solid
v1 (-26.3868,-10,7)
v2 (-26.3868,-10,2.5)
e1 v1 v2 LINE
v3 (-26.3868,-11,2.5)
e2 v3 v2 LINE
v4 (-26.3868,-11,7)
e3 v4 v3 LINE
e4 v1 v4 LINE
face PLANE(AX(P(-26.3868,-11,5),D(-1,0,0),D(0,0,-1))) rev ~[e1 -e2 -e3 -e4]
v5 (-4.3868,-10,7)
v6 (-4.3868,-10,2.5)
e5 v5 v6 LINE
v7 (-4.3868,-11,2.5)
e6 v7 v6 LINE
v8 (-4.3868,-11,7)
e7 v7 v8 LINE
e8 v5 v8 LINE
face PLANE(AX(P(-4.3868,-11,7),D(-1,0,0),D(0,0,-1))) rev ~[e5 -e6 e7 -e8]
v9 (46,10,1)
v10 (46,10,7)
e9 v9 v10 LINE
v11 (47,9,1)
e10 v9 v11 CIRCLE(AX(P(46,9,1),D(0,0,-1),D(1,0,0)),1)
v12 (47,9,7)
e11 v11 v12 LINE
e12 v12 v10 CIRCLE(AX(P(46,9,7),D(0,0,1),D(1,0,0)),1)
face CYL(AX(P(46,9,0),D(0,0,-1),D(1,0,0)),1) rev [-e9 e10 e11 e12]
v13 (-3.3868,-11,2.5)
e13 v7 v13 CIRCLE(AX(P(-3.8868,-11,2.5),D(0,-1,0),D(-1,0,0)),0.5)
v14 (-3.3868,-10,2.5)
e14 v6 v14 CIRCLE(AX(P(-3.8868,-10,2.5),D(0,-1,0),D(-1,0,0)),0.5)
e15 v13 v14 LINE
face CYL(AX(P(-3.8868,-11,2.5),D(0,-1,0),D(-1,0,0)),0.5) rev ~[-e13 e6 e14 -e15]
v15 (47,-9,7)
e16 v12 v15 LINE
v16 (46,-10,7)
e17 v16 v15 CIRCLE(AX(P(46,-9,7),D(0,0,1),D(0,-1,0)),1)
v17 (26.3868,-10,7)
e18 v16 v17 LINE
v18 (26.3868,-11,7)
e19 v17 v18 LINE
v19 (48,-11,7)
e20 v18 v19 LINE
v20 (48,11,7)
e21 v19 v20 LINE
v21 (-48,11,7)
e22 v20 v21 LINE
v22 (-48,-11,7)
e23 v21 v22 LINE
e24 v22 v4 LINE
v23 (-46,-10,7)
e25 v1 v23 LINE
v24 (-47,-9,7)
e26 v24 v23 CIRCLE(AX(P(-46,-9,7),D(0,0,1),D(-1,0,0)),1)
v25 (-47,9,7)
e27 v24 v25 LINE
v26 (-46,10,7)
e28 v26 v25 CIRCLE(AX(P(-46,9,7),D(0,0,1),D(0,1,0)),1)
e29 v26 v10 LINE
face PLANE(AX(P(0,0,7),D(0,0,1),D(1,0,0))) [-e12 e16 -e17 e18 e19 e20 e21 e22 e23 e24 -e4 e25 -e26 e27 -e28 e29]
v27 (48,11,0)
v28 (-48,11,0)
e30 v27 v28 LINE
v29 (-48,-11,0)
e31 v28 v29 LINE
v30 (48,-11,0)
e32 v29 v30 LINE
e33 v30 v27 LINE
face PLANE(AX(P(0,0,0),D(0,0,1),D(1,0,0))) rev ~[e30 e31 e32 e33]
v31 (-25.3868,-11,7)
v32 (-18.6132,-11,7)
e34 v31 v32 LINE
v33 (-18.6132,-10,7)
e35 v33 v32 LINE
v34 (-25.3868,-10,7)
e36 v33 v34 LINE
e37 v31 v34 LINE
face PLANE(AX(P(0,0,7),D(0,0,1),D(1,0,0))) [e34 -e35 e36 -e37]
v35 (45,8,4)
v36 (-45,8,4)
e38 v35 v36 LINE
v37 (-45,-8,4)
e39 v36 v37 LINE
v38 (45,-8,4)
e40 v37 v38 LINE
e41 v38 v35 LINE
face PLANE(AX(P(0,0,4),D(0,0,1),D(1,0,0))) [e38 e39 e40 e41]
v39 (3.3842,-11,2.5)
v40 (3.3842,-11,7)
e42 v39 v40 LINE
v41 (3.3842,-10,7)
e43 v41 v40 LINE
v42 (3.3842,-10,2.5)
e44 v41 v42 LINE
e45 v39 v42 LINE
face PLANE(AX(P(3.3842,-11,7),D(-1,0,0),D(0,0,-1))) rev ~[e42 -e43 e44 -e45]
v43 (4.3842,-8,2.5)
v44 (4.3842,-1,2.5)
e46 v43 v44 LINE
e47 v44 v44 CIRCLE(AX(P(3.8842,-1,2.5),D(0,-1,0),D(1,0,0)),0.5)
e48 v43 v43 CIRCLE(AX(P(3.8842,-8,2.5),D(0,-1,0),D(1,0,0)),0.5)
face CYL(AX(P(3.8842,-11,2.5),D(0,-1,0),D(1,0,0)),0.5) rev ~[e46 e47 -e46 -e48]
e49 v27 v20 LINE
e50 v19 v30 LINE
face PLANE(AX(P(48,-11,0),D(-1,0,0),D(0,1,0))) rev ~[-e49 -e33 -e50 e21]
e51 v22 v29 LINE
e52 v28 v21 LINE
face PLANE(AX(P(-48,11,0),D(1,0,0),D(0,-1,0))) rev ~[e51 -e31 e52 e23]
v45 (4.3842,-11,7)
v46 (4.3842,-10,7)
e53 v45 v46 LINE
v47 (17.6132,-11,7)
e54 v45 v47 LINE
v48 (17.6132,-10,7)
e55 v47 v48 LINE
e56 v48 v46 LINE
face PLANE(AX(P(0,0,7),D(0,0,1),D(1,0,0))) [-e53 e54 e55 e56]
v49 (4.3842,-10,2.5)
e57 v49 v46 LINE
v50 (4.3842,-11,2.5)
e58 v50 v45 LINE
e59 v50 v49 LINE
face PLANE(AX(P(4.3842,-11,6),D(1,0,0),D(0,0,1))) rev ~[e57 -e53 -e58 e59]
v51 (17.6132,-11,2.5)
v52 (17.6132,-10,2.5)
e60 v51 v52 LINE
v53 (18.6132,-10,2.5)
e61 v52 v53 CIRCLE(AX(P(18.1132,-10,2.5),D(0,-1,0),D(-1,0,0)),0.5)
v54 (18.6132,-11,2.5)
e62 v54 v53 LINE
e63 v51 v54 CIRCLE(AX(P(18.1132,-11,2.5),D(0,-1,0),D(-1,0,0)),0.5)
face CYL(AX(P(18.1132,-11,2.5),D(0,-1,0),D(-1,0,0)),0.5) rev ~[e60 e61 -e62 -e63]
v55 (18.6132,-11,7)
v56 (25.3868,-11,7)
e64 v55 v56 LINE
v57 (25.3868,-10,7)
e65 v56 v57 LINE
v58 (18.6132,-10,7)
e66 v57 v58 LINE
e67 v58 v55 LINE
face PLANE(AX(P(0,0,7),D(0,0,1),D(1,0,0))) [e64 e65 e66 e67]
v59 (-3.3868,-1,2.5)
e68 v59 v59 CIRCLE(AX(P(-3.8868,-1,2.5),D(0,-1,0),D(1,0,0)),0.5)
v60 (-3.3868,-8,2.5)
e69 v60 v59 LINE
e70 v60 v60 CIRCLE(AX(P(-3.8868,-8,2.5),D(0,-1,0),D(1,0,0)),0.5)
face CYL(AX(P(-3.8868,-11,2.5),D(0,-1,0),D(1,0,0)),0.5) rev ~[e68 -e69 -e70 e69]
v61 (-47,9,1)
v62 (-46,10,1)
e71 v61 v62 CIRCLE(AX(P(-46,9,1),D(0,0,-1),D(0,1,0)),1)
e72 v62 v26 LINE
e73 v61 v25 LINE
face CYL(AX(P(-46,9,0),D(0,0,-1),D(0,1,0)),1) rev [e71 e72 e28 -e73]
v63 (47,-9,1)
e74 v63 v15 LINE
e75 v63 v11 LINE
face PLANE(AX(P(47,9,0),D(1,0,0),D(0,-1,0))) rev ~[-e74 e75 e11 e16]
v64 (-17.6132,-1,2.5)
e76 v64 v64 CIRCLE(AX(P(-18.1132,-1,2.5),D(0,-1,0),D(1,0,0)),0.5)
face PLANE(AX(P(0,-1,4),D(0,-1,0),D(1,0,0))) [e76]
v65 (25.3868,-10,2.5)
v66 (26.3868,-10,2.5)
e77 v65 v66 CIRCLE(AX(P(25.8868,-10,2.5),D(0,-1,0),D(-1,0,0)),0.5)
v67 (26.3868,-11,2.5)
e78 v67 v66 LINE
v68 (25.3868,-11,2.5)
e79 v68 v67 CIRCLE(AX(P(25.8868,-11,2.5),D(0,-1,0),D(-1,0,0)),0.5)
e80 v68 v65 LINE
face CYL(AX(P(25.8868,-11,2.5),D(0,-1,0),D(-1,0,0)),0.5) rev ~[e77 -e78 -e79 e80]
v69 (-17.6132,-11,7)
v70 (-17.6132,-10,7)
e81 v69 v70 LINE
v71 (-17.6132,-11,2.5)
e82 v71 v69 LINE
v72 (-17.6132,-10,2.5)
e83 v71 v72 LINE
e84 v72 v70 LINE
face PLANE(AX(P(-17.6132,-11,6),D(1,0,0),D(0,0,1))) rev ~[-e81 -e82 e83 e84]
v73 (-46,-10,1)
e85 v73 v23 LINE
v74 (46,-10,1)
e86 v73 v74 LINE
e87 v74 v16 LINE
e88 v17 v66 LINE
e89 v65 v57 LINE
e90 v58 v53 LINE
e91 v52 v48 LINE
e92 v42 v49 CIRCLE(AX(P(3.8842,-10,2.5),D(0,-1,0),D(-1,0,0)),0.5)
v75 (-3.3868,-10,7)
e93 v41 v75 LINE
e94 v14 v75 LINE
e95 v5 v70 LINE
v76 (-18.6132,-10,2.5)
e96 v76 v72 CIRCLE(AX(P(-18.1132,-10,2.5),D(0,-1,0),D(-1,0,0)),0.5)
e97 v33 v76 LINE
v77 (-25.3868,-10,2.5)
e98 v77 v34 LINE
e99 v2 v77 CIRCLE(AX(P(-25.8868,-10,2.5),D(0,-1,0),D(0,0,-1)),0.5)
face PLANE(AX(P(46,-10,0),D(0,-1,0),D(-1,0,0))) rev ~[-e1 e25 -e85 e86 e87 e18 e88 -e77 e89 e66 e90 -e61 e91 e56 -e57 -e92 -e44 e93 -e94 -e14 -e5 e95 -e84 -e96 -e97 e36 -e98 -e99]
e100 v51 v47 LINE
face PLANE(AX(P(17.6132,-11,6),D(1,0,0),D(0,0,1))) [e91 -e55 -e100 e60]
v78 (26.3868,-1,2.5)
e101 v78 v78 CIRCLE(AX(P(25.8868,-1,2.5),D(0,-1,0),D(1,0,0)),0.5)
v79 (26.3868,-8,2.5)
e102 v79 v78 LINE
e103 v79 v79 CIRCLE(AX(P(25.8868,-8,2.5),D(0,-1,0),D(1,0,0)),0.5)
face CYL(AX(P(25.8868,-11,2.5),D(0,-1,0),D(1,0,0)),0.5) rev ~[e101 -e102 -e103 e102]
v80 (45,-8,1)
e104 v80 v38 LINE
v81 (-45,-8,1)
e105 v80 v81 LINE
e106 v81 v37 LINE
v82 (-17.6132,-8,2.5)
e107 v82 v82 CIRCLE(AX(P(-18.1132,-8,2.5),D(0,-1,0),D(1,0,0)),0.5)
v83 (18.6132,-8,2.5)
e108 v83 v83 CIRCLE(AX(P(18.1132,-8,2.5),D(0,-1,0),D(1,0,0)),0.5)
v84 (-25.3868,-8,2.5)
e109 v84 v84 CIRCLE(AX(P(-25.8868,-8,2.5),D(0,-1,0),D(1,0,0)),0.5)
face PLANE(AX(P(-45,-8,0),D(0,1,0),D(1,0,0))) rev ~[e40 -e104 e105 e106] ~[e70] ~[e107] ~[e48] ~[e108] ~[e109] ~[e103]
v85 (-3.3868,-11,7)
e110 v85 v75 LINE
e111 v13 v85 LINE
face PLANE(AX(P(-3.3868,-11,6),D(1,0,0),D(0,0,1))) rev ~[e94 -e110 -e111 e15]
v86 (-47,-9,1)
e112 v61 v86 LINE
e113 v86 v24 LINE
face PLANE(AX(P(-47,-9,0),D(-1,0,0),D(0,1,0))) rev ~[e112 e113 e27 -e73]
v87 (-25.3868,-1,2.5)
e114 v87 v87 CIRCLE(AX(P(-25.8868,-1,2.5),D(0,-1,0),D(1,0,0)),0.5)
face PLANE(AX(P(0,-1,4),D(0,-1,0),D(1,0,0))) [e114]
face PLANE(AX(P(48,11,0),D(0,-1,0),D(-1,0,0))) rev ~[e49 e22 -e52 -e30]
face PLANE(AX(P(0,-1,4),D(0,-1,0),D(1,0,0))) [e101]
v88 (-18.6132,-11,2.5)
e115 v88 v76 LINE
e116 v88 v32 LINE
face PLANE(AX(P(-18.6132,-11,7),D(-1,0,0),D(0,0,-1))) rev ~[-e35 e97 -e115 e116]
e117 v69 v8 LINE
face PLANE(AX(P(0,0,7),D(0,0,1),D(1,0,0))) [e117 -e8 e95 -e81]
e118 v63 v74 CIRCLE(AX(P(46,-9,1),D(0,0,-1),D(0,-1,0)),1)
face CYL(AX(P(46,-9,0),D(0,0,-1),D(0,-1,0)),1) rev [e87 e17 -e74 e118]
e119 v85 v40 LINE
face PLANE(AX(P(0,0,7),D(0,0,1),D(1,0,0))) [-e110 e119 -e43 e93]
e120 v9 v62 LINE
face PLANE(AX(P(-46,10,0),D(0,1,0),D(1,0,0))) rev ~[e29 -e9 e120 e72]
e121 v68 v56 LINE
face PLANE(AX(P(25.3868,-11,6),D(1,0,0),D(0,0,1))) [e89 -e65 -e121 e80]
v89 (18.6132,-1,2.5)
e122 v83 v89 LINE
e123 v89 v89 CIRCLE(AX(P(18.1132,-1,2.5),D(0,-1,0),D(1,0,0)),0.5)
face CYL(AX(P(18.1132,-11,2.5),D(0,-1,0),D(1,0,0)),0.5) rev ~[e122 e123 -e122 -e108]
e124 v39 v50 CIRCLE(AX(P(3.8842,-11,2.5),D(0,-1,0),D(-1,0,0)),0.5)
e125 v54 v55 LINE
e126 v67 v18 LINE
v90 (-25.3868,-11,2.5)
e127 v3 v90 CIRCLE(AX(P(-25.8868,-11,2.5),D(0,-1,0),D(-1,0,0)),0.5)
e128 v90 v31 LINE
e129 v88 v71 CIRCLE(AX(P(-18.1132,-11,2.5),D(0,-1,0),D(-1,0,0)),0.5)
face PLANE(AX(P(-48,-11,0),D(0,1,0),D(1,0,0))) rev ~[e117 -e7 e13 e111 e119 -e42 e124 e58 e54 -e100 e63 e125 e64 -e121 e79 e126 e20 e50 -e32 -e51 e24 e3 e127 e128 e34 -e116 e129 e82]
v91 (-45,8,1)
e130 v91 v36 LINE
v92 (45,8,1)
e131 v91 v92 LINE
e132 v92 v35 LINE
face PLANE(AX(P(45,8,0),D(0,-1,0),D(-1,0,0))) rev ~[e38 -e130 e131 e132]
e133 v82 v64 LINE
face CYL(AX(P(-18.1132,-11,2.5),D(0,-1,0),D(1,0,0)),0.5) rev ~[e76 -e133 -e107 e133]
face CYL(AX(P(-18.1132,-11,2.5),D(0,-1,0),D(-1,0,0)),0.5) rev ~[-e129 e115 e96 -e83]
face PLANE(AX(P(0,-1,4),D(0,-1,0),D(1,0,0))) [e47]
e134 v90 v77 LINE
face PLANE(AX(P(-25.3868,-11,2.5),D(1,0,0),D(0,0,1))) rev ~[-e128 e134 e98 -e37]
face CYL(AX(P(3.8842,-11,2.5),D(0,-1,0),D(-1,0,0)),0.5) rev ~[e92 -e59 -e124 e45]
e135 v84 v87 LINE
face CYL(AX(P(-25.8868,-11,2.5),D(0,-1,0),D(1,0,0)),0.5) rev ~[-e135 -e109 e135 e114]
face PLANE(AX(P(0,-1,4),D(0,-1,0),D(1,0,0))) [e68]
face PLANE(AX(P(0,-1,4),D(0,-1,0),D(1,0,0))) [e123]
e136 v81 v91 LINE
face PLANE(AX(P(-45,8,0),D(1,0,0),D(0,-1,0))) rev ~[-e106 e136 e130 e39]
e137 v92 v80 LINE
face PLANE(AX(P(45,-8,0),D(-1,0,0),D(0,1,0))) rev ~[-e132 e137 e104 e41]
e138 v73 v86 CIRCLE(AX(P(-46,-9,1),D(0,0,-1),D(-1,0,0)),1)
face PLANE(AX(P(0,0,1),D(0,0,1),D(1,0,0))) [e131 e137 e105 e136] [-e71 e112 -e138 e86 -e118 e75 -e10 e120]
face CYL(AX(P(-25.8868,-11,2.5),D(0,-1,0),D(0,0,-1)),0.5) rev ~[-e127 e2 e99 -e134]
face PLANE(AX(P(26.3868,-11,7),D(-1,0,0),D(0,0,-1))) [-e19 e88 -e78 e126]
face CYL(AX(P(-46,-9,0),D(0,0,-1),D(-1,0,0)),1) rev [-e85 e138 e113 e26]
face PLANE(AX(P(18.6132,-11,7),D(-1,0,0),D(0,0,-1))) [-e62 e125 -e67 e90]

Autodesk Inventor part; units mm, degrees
ref_plane "YZ Plane" through (0, 0, 0) normal (1, 0, 0) x (0, 1, 0)
ref_plane "XZ Plane" through (0, 0, 0) normal (0, 1, 0) x (-1, 0, 0)
ref_plane "XY Plane" through (0, 0, 0) normal (0, 0, 1) x (1, 0, 0)
sketch "Sketch2" plane through (0, 0, 0) normal (0, 0, 1) x (1, 0, 0)
  line L0 (-46, 10) -> (46, 10)
  line L1 (47, 9) -> (47, -9)
  line L2 (46, -10) -> (-46, -10)
  line L3 (-47, -9) -> (-47, 9)
  line L4 (-47, 10) -> (47, -10) construction
  line L5 (47, 10) -> (-47, -10) construction
  line L6 (45, 8) -> (-45, 8)
  line L7 (-45, 8) -> (-45, -8)
  line L8 (-45, -8) -> (45, -8)
  line L9 (45, -8) -> (45, 8)
  line L10 (48, 11) -> (-48, 11)
  line L11 (-48, 11) -> (-48, -11)
  line L12 (-48, -11) -> (48, -11)
  line L13 (48, -11) -> (48, 11)
  arc A0 (47, 9) -> (46, 10) centre (46, 9) ccw
  arc A1 (46, -10) -> (47, -9) centre (46, -9) ccw
  arc A2 (-47, -9) -> (-46, -10) centre (-46, -9) ccw
  arc A3 (-46, 10) -> (-47, 9) centre (-46, 9) ccw
  point P0 (0, 0)
  dimension "d0" = 94
  dimension "d1" = 20
  dimension "d2" = 2
  dimension "d3" = 1
  dimension "d10" = 1
  dimension "d40" = 90
extrude "Extrusion1" add sketch "Sketch2" along normal blind 1 contours L0 A0 L1 A1 L2 A2 L3 A3 | L9 L8 L7 L6 | L13 L12 L11 L10
extrude "Extrusion2" add sketch "Sketch2" along normal blind 7 contours L13 L12 L11 L10
extrude "Extrusion3" add sketch "Sketch2" along normal blind 4 contours L9 L8 L7 L6
sketch "Sketch4" plane through (-48, -11, 0) normal (0, -1, 0) x (1, 0, 0)
  circle A0 centre (22.1132, 5) radius 0.5
  circle A1 centre (29.8868, 5) radius 0.5
  circle A2 centre (44.1132, 5) radius 0.5
  circle A3 centre (51.8842, 5) radius 0.5
  circle A4 centre (66.1132, 5) radius 0.5
  circle A5 centre (73.8868, 5) radius 0.5
  line L0 (0, 6) -> (96, 6)
  line L1 (96, 7) -> (0, 7) projected
  line L2 (22.1132, 2) -> (22.1132, 2)
  line L3 (22.6132, 2.5) -> (22.6132, 8)
  line L4 (22.6132, 8) -> (21.6132, 8)
  line L5 (21.6132, 8) -> (21.6132, 2.5)
  line L6 (21.6132, 2) -> (22.6132, 8) construction
  line L7 (22.6132, 2) -> (21.6132, 8) construction
  line L8 (29.8868, 2) -> (29.8868, 2)
  line L9 (30.3868, 2.5) -> (30.3868, 8)
  line L10 (30.3868, 8) -> (29.3868, 8)
  line L11 (29.3868, 8) -> (29.3868, 2.5)
  line L12 (29.3868, 2) -> (30.3868, 8) construction
  line L13 (30.3868, 2) -> (29.3868, 8) construction
  line L14 (44.1132, 2) -> (44.1132, 2)
  line L15 (44.6132, 2.5) -> (44.6132, 8)
  line L16 (44.6132, 8) -> (43.6132, 8)
  line L17 (43.6132, 8) -> (43.6132, 2.5)
  line L18 (43.6132, 2) -> (44.6132, 8) construction
  line L19 (44.6132, 2) -> (43.6132, 8) construction
  line L20 (51.8842, 2) -> (51.8842, 2)
  line L21 (52.3842, 2.5) -> (52.3842, 8)
  line L22 (52.3842, 8) -> (51.3842, 8)
  line L23 (51.3842, 8) -> (51.3842, 2.5)
  line L24 (51.3842, 2) -> (52.3842, 8) construction
  line L25 (52.3842, 2) -> (51.3842, 8) construction
  line L26 (66.1132, 2) -> (66.1132, 2)
  line L27 (65.6132, 2.5) -> (65.6132, 8)
  line L28 (65.6132, 8) -> (66.6132, 8)
  line L29 (66.6132, 8) -> (66.6132, 2.5)
  line L30 (66.6132, 2) -> (65.6132, 8) construction
  line L31 (65.6132, 2) -> (66.6132, 8) construction
  line L32 (73.8868, 2) -> (73.8868, 2)
  line L33 (73.3868, 2.5) -> (73.3868, 8)
  line L34 (73.3868, 8) -> (74.3868, 8)
  line L35 (74.3868, 8) -> (74.3868, 2.5)
  line L36 (74.3868, 2) -> (73.3868, 8) construction
  line L37 (73.3868, 2) -> (74.3868, 8) construction
  arc A6 (21.6132, 2.5) -> (22.1132, 2) centre (22.1132, 2.5) ccw
  arc A7 (22.1132, 2) -> (22.6132, 2.5) centre (22.1132, 2.5) ccw
  arc A8 (29.3868, 2.5) -> (29.8868, 2) centre (29.8868, 2.5) ccw
  arc A9 (29.8868, 2) -> (30.3868, 2.5) centre (29.8868, 2.5) ccw
  arc A10 (43.6132, 2.5) -> (44.1132, 2) centre (44.1132, 2.5) ccw
  arc A11 (44.1132, 2) -> (44.6132, 2.5) centre (44.1132, 2.5) ccw
  arc A12 (51.3842, 2.5) -> (51.8842, 2) centre (51.8842, 2.5) ccw
  arc A13 (51.8842, 2) -> (52.3842, 2.5) centre (51.8842, 2.5) ccw
  arc A14 (65.6132, 2.5) -> (66.1132, 2) centre (66.1132, 2.5) ccw
  arc A15 (66.1132, 2) -> (66.6132, 2.5) centre (66.1132, 2.5) ccw
  arc A16 (73.3868, 2.5) -> (73.8868, 2) centre (73.8868, 2.5) ccw
  arc A17 (73.8868, 2) -> (74.3868, 2.5) centre (73.8868, 2.5) ccw
  point P0 (96, 0)
  point P1 (69, 6)
  point P2 (71, 6)
  point P3 (49, 6)
  point P4 (47, 6)
  point P5 (27, 6)
  point P6 (25, 6)
  point P7 (73.8868, 2)
  point P8 (66.1132, 2)
  point P9 (51.8842, 2)
  point P10 (44.1132, 2)
  point P11 (29.8868, 2)
  point P12 (22.1132, 2)
  dimension "d59" = 1
  dimension "d60" = 1
  dimension "d61" = 1
  dimension "d62" = 1
  dimension "d63" = 1
  dimension "d64" = 1
  dimension "d65" = 1
  dimension "d66" = 6
  dimension "d67" = 1
  dimension "d68" = 6
  dimension "d69" = 1
  dimension "d70" = 6
  dimension "d71" = 1
  dimension "d72" = 6
  dimension "d73" = 1
  dimension "d74" = 6
  dimension "d75" = 1
  dimension "d76" = 6
  dimension "d81" = 0.5
sketch "Sketch3" plane through (0, -11, 4) normal (0, -1, 0) x (1, 0, 0)
  line L0 (-53.1158, -2.5) -> (46.8842, -2.5) construction
  line L1 (43, -1.5) -> (23, -1.5) construction
  line L2 (23, -1.5) -> (23, 3.5) construction
  line L3 (23, 3.5) -> (43, 3.5) construction
  line L4 (43, 3.5) -> (43, -1.5) construction
  line L5 (23, -1.5) -> (23, 3.7137) construction
  line L6 (43, -1.5) -> (40.1132, 3.5) construction
  line L7 (46.8842, -2.5) -> (46.8842, 3.2735) construction
  line L8 (23, -1.5) -> (25.8868, 3.5) construction
  line L9 (23, -1.5) -> (23, 3.1279) construction
  line L10 (21, -1.5) -> (18.1132, 3.5) construction
  line L11 (1, 3.5) -> (21, 3.5) construction
  line L12 (1, -1.5) -> (3.8868, 3.5) construction
  line L13 (-1, -1.5) -> (-3.8868, 3.5) construction
  line L14 (-21, 3.5) -> (-1, 3.5) construction
  line L15 (-21, -1.5) -> (-18.1132, 3.5) construction
  line L16 (-23, -1.5) -> (-25.8868, 3.5) construction
  line L17 (-43, 3.5) -> (-23, 3.5) construction
  line L18 (-43, -1.5) -> (-40.1132, 3.5) construction
  line L19 (43, 3.5) -> (-43, 3.5) construction
  line L20 (0, 3.5) -> (0, 3.5) construction
  circle A0 centre (-25.8868, -1.5) radius 0.5
  circle A1 centre (-18.1132, -1.5) radius 0.5
  circle A2 centre (-3.8868, -1.5) radius 0.5
  circle A3 centre (3.8842, -1.5) radius 0.5
  circle A4 centre (18.1132, -1.5) radius 0.5
  circle A5 centre (25.8868, -1.5) radius 0.5
  line L21 (-45, 0) -> (-45, 0) projected
  line L22 (45, 0) -> (45, 0) projected
  line L23 (-48, -4) -> (-48, -4) projected
  line L24 (-48, -1.5) -> (48, -1.5)
  line L25 (48, -4) -> (48, -4) projected
  line L26 (48, -4) -> (48, 3) projected
  point P0 (3.8842, 2.5)
  point P1 (25.8868, -1.5)
  point P2 (48, -0.5)
  dimension "d45" = 20
  dimension "d46" = 5
  dimension "d47" = 30
  dimension "d48" = 30
  dimension "d49" = 22
  dimension "d52" = 0
  dimension "d53" = 1
  dimension "d54" = 1
  dimension "d55" = 1
  dimension "d56" = 1
  dimension "d57" = 1
  dimension "d58" = 1
  dimension "d82" = 1
extrude "Extrusion4" cut sketch "Sketch4" against normal blind 2 contours A0 | L3 A7 A6 L5 A0 | A0 L5 L0 L3 | L0 L5 L1 L3 | L11 L1 L9 L0 | L0 L9 A1 L11 | L1 L5 L4 L3 | L11 L10 L9 L1 | A1 | A1 L9 A9 A8 L11 | L17 L1 L15 L0 | L0 L15 A2 L17 | L17 L16 L15 L1 | A2 | A2 L15 A11 A10 L17 | L23 L1 L21 L0 | L0 L21 A3 L23 | L23 L22 L21 L1 | A3 | A3 L21 A13 A12 L23 | L27 L1 L29 L0 | L0 L29 A4 L27 | A4 | A4 L29 A15 A14 L27 | L27 L28 L29 L1 | L33 L1 L35 L0 | L0 L35 A5 L33 | A5 | A5 L35 A17 A16 L33 | L33 L34 L35 L1
extrude "Extrusion5" cut sketch "Sketch3" against normal blind 10
properties part number "sdm_finger_eit_chamber_mould_horizontal_e_holes"
